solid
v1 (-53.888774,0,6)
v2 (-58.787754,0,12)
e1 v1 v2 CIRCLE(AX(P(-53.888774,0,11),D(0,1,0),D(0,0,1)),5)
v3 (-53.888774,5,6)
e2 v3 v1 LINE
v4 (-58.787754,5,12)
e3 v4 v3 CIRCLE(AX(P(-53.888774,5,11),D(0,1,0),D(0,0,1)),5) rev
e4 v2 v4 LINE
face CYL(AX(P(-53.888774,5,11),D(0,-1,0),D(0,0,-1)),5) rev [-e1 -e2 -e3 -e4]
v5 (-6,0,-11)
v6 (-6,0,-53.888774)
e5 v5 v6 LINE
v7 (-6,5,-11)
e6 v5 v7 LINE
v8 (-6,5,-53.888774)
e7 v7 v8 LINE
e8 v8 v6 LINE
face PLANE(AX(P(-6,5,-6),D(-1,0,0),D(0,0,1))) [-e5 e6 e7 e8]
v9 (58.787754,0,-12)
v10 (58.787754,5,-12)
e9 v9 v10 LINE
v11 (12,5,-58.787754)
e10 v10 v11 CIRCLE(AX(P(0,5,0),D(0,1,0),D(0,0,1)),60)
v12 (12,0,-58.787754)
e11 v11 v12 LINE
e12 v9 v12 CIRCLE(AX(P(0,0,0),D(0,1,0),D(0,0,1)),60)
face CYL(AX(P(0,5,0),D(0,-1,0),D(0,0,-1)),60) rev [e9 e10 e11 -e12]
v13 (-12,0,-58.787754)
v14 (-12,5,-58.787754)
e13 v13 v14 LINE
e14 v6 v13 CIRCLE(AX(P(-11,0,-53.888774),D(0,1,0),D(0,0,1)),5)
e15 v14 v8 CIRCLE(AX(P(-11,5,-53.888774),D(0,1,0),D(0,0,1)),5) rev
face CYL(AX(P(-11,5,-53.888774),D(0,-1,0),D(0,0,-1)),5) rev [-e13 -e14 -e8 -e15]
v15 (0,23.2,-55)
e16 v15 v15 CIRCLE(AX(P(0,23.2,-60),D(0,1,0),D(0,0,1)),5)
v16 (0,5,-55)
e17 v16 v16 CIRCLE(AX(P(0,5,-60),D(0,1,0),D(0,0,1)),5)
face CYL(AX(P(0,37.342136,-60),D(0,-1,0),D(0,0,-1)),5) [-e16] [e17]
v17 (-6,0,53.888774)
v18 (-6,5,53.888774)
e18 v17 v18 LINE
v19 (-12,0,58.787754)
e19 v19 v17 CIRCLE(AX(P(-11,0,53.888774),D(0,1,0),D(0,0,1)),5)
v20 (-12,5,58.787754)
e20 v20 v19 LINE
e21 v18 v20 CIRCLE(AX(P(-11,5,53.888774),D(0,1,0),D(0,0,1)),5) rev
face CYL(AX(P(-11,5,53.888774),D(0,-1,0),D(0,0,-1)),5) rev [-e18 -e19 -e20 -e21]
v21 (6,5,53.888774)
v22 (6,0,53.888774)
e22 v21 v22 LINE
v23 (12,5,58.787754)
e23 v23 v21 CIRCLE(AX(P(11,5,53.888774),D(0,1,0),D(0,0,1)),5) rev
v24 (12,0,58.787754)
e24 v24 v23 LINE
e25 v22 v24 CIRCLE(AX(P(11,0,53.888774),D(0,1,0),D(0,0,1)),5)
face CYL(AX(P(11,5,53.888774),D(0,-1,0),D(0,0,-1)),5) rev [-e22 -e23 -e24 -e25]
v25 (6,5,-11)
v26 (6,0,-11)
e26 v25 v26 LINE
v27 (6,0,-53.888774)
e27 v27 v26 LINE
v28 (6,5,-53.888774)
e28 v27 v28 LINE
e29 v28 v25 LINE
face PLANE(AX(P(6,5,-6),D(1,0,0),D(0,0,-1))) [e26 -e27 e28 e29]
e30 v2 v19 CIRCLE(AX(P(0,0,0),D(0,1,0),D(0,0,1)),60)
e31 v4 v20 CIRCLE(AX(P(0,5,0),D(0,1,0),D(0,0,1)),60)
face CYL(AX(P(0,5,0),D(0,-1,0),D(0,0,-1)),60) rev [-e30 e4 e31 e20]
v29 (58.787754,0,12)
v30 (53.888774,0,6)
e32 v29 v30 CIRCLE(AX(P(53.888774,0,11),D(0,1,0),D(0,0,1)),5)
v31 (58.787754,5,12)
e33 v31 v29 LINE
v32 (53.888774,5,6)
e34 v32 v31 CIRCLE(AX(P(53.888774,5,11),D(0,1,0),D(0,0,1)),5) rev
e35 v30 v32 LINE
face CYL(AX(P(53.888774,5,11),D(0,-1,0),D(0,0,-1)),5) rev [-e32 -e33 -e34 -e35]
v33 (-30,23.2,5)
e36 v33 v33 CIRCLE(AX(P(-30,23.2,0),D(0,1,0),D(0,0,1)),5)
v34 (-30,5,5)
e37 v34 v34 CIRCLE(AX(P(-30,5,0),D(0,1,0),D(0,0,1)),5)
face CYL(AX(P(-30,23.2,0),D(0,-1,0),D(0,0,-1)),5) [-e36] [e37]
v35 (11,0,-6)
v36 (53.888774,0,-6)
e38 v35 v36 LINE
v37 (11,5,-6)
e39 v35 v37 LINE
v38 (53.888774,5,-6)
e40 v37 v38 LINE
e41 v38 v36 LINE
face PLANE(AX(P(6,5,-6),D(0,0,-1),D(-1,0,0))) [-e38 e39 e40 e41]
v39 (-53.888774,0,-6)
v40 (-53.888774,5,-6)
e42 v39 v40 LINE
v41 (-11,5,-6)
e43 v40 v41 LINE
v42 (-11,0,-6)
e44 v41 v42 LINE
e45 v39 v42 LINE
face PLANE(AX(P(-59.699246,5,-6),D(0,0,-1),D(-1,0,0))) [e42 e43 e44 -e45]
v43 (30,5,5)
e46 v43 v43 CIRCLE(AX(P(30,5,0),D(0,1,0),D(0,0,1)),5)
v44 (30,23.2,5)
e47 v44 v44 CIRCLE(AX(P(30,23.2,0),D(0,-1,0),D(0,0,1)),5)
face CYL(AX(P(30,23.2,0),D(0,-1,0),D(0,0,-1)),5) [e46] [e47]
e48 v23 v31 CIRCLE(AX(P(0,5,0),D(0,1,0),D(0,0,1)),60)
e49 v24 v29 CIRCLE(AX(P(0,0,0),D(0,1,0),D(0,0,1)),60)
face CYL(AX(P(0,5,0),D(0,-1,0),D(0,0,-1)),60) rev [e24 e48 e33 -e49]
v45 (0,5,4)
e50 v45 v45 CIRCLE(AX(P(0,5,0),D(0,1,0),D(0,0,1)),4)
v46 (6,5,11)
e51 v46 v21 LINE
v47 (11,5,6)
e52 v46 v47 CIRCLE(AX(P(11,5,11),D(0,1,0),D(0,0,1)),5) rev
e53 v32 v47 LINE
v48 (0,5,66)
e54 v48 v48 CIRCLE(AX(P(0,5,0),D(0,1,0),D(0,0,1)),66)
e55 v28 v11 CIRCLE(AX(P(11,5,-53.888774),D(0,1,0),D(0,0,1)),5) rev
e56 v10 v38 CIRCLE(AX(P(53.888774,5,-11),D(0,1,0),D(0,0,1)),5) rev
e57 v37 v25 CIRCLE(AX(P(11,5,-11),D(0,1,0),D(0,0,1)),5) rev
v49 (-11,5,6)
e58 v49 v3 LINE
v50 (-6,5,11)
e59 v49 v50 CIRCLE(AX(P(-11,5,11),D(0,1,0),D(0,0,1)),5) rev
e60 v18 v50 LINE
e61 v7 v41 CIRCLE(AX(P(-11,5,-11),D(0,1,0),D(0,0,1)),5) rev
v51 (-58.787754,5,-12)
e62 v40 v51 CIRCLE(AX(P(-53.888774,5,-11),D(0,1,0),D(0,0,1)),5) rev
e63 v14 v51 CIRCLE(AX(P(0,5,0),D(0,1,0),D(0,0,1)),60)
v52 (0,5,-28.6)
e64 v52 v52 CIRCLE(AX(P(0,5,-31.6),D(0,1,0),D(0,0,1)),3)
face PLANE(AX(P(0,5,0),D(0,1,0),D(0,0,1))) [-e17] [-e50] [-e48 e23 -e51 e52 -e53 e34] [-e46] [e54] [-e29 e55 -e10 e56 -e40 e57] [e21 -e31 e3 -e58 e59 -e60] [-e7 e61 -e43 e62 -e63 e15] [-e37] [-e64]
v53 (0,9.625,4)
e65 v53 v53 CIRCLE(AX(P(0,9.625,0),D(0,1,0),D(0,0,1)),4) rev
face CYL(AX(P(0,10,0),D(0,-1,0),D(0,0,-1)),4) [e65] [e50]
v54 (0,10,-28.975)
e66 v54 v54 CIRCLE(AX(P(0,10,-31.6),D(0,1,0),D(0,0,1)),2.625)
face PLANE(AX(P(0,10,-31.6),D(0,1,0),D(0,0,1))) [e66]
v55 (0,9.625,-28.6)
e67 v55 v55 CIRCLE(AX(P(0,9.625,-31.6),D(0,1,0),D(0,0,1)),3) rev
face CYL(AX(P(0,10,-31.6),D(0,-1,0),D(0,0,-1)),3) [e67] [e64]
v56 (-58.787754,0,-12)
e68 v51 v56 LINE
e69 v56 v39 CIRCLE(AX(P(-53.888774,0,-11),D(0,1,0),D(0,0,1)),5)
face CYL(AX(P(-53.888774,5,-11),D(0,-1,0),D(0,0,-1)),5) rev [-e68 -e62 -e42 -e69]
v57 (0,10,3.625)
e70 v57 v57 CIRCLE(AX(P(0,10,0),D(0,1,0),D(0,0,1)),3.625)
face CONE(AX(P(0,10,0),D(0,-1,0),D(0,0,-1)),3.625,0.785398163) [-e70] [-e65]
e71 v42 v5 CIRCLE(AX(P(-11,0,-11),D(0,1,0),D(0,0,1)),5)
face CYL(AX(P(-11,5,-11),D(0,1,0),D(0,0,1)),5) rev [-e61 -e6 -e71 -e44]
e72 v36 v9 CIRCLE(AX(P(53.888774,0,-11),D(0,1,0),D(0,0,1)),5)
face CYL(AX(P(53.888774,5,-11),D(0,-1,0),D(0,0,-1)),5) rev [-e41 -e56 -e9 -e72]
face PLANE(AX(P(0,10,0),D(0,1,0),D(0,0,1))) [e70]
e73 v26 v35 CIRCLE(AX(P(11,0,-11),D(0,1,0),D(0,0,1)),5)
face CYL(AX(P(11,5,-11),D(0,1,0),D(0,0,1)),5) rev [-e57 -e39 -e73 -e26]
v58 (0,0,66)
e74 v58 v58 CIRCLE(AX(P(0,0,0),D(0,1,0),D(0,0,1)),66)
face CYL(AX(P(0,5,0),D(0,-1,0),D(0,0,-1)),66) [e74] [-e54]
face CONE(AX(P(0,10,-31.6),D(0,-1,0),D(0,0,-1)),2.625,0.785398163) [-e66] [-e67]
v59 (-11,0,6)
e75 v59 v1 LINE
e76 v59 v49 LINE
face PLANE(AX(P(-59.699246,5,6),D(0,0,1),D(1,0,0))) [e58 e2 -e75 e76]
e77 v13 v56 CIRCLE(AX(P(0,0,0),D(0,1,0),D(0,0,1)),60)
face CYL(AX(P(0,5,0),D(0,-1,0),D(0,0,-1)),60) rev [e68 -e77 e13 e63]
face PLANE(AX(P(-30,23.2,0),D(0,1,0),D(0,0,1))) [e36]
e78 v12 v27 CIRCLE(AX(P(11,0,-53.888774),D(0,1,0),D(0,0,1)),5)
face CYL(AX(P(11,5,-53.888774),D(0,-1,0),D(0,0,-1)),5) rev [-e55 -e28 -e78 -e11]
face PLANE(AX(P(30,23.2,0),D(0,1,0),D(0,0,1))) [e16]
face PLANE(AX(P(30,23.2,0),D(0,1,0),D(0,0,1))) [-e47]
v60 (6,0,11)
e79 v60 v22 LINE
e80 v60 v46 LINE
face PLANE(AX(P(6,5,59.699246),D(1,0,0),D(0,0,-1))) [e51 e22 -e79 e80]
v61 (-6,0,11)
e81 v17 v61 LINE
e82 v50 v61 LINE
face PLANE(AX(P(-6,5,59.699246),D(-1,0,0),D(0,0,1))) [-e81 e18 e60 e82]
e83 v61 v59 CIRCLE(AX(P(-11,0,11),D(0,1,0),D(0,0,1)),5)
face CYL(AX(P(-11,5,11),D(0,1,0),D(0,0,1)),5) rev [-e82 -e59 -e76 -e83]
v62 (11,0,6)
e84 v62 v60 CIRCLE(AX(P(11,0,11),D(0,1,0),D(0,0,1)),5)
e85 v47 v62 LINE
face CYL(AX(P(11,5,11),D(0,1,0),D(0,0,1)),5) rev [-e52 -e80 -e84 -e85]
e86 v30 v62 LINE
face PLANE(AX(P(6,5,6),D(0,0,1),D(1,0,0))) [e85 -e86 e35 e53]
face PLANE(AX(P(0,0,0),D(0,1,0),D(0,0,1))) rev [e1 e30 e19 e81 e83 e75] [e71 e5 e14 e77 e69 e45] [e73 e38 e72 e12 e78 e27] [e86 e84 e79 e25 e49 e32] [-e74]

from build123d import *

# Parameters (mm, degrees)
SKETCH1_R           = 66
BOSS_EXTRUDE1_DEPTH = 5
FILLET1_R           = 5
SKETCH2_R           = 4
SKETCH2_R_2         = 3
BOSS_EXTRUDE2_DEPTH = 5
CHAMFER1_SIZE       = 0.375
SKETCH3_R           = 5
BOSS_EXTRUDE3_DEPTH = 18.2
SKETCH4_R           = 5
BOSS_EXTRUDE4_DEPTH = 18.2


with BuildPart() as part:
    # Sketch1 → Boss-Extrude1 (new body)
    with BuildSketch(Plane(origin=(0, 0, 0), x_dir=(1, 0, 0), z_dir=(0, 1, 0))):
        with Locations(Location((0, 0, 0), (0, 0, 270))):
            Circle(SKETCH1_R)
        with BuildLine():
            Line((-6, -59.699246226), (-6, -6))
            Line((-6, -6), (-59.699246226, -6))
            ThreePointArc((-59.699246226, -6), (-42.426406871, -42.426406871), (-6, -59.699246226))
        make_face(mode=Mode.SUBTRACT)
        with BuildLine():
            Line((6, -59.699246226), (6, -6))
            Line((6, -6), (59.699246226, -6))
            ThreePointArc((59.699246226, -6), (42.426406871, -42.426406871), (6, -59.699246226))
        make_face(mode=Mode.SUBTRACT)
        with BuildLine():
            Line((-59.699246226, 6), (-6, 6))
            Line((-6, 6), (-6, 59.699246226))
            ThreePointArc((-6, 59.699246226), (-42.426406871, 42.426406871), (-59.699246226, 6))
        make_face(mode=Mode.SUBTRACT)
        with BuildLine():
            Line((6, 6), (6, 59.699246226))
            ThreePointArc((6, 59.699246226), (42.426406871, 42.426406871), (59.699246226, 6))
            Line((59.699246226, 6), (6, 6))
        make_face(mode=Mode.SUBTRACT)
    extrude(amount=BOSS_EXTRUDE1_DEPTH)

    # Fillet1
    fillet1_edges = [part.edges().sort_by_distance(p)[0] for p in [
        (-6, 2.5, -59.699246226),
        (-59.699246226, 2.5, -6),
        (-6, 2.5, -6),
        (6, 2.5, 59.699246226),
        (59.699246226, 2.5, 6),
        (6, 2.5, 6),
        (59.699246226, 2.5, -6),
        (6, 2.5, -59.699246226),
        (6, 2.5, -6),
        (-59.699246226, 2.5, 6),
        (-6, 2.5, 59.699246226),
        (-6, 2.5, 6),
    ]]
    fillet(fillet1_edges, radius=FILLET1_R)

    # Sketch2 → Boss-Extrude2 (add)
    with BuildSketch(Plane(origin=(0, 5, 0), x_dir=(1, 0, 0), z_dir=(0, 1, 0))):
        with Locations(Location((0, 0, 0), (0, 0, 270))):
            Circle(SKETCH2_R)
        with Locations(Location((0, 31.6, 0), (0, 0, 270))):
            Circle(SKETCH2_R_2)
    extrude(amount=BOSS_EXTRUDE2_DEPTH)

    # Chamfer1
    chamfer1_edges = [part.edges().sort_by_distance(p)[0] for p in [
        (0, 10, -4),
        (0, 10, -34.6),
    ]]
    chamfer(chamfer1_edges, length=CHAMFER1_SIZE)

    # Sketch3 → Boss-Extrude3 (add)
    with BuildSketch(Plane(origin=(0, 5, 0), x_dir=(1, 0, 0), z_dir=(0, 1, 0))):
        with Locations(Location((-30, 0, 0), (0, 0, 270))):
            Circle(SKETCH3_R)
    boss_extrude3 = extrude(amount=BOSS_EXTRUDE3_DEPTH)

    # Mirror1: Boss-Extrude3 across plane
    add(boss_extrude3.mirror(Plane(origin=(0, 0, 0), x_dir=(0, 0, 1), z_dir=(1, 0, 0))))

    # Sketch4 → Boss-Extrude4 (add)
    with BuildSketch(Plane(origin=(0, 5, 0), x_dir=(1, 0, 0), z_dir=(0, 1, 0))):
        with Locations(Location((0, 60, 0), (0, 0, 270))):
            Circle(SKETCH4_R)
    extrude(amount=BOSS_EXTRUDE4_DEPTH)


solid = part.part
